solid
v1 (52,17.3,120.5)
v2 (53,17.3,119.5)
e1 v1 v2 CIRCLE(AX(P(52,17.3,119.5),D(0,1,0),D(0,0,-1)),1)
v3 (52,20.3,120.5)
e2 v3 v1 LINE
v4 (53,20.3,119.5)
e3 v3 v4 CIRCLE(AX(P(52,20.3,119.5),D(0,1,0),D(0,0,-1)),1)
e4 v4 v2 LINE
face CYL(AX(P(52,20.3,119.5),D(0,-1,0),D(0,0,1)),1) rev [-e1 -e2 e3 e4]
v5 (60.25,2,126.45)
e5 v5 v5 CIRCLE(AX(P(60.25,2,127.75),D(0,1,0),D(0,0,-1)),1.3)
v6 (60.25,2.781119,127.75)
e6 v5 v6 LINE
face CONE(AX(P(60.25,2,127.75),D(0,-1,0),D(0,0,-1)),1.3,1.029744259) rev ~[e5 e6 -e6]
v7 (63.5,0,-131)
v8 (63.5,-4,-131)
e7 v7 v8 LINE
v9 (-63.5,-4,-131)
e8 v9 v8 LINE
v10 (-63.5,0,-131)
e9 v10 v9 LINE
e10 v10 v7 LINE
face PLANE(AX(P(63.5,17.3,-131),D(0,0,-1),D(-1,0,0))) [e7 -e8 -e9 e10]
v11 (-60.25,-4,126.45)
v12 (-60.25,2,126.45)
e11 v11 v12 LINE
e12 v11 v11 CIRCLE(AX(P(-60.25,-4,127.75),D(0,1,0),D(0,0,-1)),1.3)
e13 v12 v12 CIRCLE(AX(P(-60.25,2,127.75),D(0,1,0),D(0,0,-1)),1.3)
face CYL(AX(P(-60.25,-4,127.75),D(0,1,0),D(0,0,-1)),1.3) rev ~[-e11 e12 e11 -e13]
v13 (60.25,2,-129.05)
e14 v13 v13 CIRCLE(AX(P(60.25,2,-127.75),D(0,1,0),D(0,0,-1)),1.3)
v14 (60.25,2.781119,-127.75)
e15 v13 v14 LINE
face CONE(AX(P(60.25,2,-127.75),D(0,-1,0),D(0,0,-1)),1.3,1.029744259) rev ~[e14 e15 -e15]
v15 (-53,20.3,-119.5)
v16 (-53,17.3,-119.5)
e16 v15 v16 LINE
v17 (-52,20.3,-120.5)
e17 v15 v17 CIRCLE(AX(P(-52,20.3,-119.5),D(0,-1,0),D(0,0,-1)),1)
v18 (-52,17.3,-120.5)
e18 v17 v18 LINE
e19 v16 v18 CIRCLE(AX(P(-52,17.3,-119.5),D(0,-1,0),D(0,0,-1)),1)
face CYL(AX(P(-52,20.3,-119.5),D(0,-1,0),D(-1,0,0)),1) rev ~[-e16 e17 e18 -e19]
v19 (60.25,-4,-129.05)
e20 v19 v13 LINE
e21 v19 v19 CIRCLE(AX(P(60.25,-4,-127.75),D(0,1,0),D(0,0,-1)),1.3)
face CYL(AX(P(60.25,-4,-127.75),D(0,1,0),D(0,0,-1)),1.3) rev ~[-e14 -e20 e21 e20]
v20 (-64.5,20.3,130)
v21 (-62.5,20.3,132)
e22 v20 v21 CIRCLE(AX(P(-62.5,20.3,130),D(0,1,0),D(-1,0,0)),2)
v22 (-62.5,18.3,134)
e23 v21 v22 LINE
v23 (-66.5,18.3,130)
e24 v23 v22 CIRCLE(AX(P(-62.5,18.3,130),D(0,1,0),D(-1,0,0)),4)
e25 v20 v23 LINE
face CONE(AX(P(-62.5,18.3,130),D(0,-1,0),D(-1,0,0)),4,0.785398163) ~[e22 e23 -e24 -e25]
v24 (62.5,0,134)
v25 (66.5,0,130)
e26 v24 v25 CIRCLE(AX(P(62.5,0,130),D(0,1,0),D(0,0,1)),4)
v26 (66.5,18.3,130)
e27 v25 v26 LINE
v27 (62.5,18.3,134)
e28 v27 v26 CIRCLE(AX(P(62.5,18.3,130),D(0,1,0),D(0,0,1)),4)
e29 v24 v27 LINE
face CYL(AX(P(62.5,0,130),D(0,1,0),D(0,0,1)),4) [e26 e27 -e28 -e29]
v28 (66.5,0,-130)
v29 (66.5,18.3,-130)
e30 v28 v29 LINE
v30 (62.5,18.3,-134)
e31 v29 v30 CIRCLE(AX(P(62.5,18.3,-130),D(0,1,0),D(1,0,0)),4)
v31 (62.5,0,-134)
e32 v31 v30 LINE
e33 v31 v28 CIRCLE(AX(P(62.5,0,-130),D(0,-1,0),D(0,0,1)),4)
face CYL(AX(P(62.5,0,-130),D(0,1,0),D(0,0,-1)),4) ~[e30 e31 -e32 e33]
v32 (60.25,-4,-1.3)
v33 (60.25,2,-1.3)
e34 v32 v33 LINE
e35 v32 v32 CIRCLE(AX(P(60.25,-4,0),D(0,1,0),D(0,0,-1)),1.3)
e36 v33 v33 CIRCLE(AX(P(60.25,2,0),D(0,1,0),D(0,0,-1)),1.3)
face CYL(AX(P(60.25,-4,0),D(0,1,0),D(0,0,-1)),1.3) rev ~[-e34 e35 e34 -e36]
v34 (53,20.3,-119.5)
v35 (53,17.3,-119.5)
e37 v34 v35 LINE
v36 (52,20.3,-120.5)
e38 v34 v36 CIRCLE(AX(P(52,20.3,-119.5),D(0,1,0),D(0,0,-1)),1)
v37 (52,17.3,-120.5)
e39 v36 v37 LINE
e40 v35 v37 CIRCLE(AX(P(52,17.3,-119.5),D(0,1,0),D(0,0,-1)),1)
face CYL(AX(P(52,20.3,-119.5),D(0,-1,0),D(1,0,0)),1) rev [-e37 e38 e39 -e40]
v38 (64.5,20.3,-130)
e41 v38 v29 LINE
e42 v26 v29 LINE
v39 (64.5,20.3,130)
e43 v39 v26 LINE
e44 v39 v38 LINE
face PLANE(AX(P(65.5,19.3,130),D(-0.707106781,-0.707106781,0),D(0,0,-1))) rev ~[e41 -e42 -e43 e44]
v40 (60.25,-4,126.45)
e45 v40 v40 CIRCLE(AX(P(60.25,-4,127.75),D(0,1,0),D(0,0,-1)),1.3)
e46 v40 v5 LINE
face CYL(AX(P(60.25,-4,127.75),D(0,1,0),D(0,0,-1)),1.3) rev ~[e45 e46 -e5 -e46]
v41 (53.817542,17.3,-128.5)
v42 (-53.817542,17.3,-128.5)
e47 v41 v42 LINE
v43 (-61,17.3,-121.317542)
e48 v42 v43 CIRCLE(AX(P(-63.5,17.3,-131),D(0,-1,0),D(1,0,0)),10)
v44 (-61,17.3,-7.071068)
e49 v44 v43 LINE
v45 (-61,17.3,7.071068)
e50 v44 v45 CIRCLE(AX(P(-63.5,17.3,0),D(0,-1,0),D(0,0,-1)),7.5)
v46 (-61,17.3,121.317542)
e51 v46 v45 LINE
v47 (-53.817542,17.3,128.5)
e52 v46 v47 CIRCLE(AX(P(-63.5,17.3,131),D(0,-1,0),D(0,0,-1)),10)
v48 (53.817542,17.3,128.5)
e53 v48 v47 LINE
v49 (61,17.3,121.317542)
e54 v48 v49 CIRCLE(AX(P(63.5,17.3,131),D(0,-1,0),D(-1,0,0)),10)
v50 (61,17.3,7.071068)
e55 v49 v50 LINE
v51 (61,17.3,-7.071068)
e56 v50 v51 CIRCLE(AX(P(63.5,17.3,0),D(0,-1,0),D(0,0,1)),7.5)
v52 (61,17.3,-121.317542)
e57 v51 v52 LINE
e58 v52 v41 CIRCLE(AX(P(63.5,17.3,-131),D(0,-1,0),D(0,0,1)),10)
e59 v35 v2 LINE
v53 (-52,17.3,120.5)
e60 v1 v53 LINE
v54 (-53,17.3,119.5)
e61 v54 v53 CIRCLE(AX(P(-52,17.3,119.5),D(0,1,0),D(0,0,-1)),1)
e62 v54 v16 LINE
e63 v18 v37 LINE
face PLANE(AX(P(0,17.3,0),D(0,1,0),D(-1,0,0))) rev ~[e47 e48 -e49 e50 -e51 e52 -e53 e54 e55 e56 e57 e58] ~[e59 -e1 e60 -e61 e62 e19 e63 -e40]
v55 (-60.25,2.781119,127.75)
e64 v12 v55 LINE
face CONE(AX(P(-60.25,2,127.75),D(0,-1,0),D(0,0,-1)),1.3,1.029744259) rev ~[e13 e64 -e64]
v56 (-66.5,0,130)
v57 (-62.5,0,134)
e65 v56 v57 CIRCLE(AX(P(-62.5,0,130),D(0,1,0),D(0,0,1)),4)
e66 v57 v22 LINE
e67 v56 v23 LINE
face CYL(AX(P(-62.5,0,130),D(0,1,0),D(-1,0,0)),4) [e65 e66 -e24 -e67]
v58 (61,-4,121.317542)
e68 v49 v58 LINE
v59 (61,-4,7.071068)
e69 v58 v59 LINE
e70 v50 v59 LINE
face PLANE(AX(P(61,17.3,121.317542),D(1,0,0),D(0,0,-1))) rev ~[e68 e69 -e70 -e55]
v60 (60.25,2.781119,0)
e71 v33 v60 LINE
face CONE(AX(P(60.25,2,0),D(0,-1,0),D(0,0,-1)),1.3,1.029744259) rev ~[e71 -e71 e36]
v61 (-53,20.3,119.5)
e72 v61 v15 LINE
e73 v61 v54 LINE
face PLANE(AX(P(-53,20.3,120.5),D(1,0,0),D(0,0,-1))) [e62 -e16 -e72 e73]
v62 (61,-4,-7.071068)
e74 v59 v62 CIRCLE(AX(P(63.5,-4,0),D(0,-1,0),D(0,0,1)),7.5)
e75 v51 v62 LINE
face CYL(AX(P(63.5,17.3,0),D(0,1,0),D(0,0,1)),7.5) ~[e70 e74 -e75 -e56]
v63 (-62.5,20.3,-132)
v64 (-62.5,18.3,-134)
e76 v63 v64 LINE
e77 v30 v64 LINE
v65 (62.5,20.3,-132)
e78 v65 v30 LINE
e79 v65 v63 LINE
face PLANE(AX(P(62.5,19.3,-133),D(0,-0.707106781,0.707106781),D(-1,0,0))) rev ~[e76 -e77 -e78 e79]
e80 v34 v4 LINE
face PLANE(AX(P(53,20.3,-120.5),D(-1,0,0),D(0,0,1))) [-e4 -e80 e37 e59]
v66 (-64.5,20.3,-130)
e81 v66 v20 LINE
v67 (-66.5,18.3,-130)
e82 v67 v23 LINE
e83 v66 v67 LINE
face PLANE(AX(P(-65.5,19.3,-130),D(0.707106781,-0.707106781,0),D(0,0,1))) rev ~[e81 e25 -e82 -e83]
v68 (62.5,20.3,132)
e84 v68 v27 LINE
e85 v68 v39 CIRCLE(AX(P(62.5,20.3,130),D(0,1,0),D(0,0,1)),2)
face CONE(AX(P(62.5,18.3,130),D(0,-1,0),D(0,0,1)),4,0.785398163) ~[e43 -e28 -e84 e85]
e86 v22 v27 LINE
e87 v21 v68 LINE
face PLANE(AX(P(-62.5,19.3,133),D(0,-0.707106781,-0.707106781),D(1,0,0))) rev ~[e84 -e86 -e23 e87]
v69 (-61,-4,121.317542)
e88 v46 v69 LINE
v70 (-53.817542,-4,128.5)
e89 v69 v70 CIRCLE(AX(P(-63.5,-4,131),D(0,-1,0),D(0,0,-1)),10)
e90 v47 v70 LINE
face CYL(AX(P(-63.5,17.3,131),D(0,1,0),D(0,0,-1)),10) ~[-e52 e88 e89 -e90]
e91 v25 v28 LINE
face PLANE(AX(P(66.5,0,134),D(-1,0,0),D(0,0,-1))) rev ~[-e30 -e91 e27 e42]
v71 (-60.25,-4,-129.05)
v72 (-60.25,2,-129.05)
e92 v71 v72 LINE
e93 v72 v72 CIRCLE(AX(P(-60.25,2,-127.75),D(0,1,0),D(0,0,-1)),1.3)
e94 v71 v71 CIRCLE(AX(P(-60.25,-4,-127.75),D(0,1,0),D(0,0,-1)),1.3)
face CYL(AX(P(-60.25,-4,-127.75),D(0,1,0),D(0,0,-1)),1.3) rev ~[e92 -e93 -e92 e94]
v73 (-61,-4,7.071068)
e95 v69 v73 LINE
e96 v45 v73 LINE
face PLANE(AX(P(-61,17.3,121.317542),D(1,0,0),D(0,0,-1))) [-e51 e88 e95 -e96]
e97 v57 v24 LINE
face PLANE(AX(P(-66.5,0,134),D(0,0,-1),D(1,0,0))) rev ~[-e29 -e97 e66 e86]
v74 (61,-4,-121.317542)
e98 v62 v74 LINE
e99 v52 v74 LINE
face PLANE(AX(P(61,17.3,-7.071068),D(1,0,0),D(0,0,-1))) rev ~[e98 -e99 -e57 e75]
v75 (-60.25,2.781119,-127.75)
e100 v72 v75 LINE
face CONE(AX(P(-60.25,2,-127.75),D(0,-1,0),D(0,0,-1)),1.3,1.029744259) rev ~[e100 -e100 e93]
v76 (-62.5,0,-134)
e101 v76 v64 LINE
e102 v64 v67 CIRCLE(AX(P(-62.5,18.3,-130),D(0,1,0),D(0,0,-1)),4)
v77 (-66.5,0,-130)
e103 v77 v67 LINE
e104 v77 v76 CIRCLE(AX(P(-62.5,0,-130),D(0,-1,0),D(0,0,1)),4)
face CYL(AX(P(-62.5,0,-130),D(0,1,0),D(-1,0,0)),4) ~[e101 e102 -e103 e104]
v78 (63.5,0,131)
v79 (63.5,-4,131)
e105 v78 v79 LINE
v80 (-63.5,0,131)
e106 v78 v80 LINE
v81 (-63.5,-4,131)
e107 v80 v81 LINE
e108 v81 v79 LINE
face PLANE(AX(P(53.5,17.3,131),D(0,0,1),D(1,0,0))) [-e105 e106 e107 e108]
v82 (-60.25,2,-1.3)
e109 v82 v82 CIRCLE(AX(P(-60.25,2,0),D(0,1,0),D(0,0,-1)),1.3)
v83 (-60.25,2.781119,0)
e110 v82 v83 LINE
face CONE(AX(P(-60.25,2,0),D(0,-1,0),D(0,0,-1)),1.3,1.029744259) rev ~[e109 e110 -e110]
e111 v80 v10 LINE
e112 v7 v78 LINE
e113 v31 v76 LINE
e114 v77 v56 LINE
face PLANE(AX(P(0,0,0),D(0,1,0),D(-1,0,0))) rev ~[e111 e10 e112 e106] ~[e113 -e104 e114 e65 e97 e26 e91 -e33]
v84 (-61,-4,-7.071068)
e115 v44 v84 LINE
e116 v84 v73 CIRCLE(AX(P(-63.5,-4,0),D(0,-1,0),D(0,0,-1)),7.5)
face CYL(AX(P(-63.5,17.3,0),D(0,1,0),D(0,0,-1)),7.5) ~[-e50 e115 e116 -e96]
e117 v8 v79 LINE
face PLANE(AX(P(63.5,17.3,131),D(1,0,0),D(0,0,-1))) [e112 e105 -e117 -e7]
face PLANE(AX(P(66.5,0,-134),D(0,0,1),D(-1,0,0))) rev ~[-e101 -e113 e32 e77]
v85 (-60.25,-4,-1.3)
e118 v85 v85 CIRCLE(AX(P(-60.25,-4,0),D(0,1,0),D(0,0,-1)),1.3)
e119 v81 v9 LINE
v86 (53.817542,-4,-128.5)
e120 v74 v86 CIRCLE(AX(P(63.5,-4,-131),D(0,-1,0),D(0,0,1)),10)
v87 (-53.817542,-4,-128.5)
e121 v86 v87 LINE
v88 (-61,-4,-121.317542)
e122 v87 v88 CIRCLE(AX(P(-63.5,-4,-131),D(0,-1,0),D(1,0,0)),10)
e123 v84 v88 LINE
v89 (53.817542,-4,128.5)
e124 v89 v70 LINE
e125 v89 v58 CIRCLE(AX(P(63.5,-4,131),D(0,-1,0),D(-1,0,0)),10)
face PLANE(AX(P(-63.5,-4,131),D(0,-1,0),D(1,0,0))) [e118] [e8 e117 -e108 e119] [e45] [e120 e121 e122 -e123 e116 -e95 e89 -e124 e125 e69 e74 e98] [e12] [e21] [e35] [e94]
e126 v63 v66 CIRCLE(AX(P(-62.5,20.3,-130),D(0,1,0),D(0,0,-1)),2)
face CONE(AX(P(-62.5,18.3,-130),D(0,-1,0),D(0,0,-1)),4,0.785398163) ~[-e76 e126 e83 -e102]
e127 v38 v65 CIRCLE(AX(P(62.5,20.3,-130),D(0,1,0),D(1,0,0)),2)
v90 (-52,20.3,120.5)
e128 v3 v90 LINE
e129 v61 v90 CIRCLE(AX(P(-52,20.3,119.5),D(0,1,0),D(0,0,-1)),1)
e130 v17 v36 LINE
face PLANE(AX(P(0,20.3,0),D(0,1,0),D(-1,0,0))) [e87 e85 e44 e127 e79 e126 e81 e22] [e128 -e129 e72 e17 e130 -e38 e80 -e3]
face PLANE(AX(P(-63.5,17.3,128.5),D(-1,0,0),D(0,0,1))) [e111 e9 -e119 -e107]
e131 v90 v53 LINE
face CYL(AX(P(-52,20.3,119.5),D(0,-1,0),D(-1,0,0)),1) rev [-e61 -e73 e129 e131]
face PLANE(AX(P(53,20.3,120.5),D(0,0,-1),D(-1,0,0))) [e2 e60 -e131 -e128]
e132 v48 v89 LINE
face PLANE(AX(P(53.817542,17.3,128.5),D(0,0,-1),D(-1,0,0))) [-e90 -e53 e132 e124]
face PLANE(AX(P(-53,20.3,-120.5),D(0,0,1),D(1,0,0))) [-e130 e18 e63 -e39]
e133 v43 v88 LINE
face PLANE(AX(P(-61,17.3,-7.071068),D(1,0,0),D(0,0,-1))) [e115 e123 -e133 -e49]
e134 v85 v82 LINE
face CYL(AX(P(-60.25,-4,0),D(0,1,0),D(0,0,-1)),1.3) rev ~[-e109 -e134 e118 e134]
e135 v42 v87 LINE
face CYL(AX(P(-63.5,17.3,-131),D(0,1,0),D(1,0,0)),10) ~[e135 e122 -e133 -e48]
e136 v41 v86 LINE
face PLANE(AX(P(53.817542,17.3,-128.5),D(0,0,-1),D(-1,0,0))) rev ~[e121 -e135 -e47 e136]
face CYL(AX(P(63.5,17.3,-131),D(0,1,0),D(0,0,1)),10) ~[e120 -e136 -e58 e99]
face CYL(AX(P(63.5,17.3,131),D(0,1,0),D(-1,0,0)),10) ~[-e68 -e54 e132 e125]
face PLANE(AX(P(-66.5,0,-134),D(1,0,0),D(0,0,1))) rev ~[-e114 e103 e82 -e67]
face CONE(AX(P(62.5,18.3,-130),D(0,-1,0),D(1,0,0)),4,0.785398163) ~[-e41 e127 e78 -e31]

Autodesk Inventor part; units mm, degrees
ref_plane "YZ Plane" through (0, 0, 0) normal (1, 0, 0) x (0, 1, 0)
ref_plane "XZ Plane" through (0, 0, 0) normal (0, 1, 0) x (-1, 0, 0)
ref_plane "XY Plane" through (0, 0, 0) normal (0, 0, 1) x (1, 0, 0)
sketch "Sketch1" plane through (0, 0, 0) normal (0, 1, 0) x (-1, 0, 0)
  line L0 (66.5, 134) -> (-66.5, 134)
  line L1 (-66.5, 134) -> (-66.5, -134)
  line L2 (-66.5, -134) -> (66.5, -134)
  line L3 (66.5, -134) -> (66.5, 134)
  point P0 (0, 0)
  dimension "d0" = 133
  dimension "d1" = 268
  dimension "d2" = 66.5
  dimension "d3" = 134
extrude "Extrusion1" add sketch "Sketch1" along normal blind 20.3
shell "Shell1" thickness 3 removed faces 1 at (-22.1667, 0, -44.6667)
sketch "Sketch2" plane through (0, 20.3, 0) normal (0, 1, 0) x (1, 0, 0)
  line L0 (-53, 120.5) -> (53, 120.5)
  line L1 (53, 120.5) -> (53, -120.5)
  line L2 (53, -120.5) -> (-53, -120.5)
  line L3 (-53, -120.5) -> (-53, 120.5)
  line L4 (-66.5, 134) -> (-66.5, -134) projected
  line L5 (-66.5, -134) -> (66.5, -134) projected
  line L6 (66.5, -134) -> (66.5, 134) projected
  line L7 (66.5, 134) -> (-66.5, 134) projected
  point P0 (0, 0)
  dimension "d7" = 13.5
  dimension "d8" = 13.5
  dimension "d9" = 13.5
  dimension "d10" = 13.5
extrude "Extrusion2" cut sketch "Sketch2" against normal through all contours L0 L1 L2 L3
sketch "Sketch3" plane through (-63.5, 17.3, 131) normal (0, -1, 0) x (1, 0, 0)
  arc A0 (117, 0) -> (127, -10) centre (127, 0) ccw
  line L0 (127, 0) -> (127, -262) projected
  line L1 (0, 0) -> (127, 0) projected
  line L2 (127, -262) -> (0, -262) projected
  arc A1 (127, -252) -> (117, -262) centre (127, -262) ccw
  line L3 (0, -262) -> (0, 0) projected
  arc A2 (0, -10) -> (10, 0) centre (0, 0) ccw
  arc A3 (10, -262) -> (0, -252) centre (0, -262) ccw
  arc A4 (127, -123.5) -> (127, -138.5) centre (127, -131) ccw
  arc A5 (0, -138.5) -> (0, -123.5) centre (0, -131) ccw
  line L4 (127, 0) -> (124.6095, 0)
  line L5 (127, 0) -> (124.5, 0)
  line L6 (124.5, 0) -> (124.5, -262)
  line L7 (124.5, -262) -> (127, -262)
  line L8 (127, -262) -> (127, 0)
  line L9 (0, 0) -> (2.5, 0)
  line L10 (2.5, 0) -> (2.5, -262)
  line L11 (2.5, -262) -> (0, -262)
  line L12 (0, -262) -> (0, 0)
  line L13 (0, -262) -> (0, 0) projected
  line L14 (0, -262) -> (127, -262)
  line L15 (127, -262) -> (127, -259.5)
  line L16 (127, -259.5) -> (0, -259.5)
  line L17 (0, -259.5) -> (0, -262)
  line L18 (0, 0) -> (127, 0)
  line L19 (127, 0) -> (127, -2.5)
  line L20 (127, -2.5) -> (0, -2.5)
  line L21 (0, -2.5) -> (0, 0)
  point P0 (63.5, -131)
  point P1 (9.6825, -259.5)
  point P2 (2.5, -252.3175)
  point P3 (2.5, -138.0711)
  point P4 (2.5, -123.9289)
  point P5 (2.5, -9.6825)
  point P6 (9.6825, -2.5)
  point P7 (117.3175, -2.5)
  point P8 (124.5, -9.6825)
  point P9 (124.5, -123.9289)
  point P10 (124.5, -138.0711)
  point P11 (124.5, -252.3175)
  point P12 (117.3175, -259.5)
  dimension "d13" = 20
  dimension "d14" = 0
  dimension "d15" = 0
  dimension "d16" = 20
  dimension "d17" = 20
  dimension "d18" = 20
  dimension "d19" = 15
  dimension "d20" = 15
  dimension "d21" = 0
  dimension "d22" = 0
  dimension "d24" = 0
  dimension "d25" = 0
  dimension "d28" = 2.5
  dimension "d29" = 0
  dimension "d30" = 0
  dimension "d31" = 0
  dimension "d32" = 2.5
  dimension "d33" = 0
  dimension "d34" = 2.5
  dimension "d35" = 0
  dimension "d36" = 2.5
  dimension "d37" = 0
extrude "Extrusion3" add sketch "Sketch3" along normal blind 21.3 contours L1 L6 L20 A0 | A0 L20 A2 L1 | L20 L6 A0 | A2 L20 L10 L1 | L1 L0 L20 L6 | L6 L20 L0 A0 | A0 L0 A4 L6 | A2 L10 L20 | L10 L20 L3 L1 | L6 A4 | A4 L0 L6 | L10 A5 L3 A2 | A2 L3 L20 L10 | A4 L0 A1 L6 | L10 A5 L3 | A5 L10 | L6 L16 A1 | A1 L0 L16 L6 | L10 A3 L3 A5 | L16 L6 L2 A1 | A1 L2 A3 L16 | L16 L0 L2 L6 | L10 L16 L3 A3 | A3 L16 L10 | A3 L2 L10 L16 | L10 L2 L3 L16
fillet "Fillet2" radius 4 4 edges at (-66.5, 10.15, -134) (-66.5, 10.15, 134) (66.5, 10.15, 134) (66.5, 10.15, -134)
fillet "Fillet3" radius 1 4 edges at (53, 18.8, 120.5) (53, 18.8, -120.5) (-53, 18.8, -120.5) (-53, 18.8, 120.5)
chamfer "Chamfer1" distance 2 angle 45 8 edges at (0, 20.3, 134) (65.3284, 20.3, 132.8284) (66.5, 20.3, 0) (65.3284, 20.3, -132.8284) (0, 20.3, -134) (-65.3284, 20.3, -132.8284) (-66.5, 20.3, 0) (-65.3284, 20.3, 132.8284)
sketch "Sketch4" plane through (-63.5, -4, 131) normal (0, -1, 0) x (1, 0, 0)
  circle A0 centre (123.75, -258.75) radius 1.75 projected
  circle A1 centre (3.25, -258.75) radius 1.75 projected
  circle A2 centre (3.25, -3.25) radius 1.75 projected
  circle A3 centre (123.75, -3.25) radius 1.75 projected
  circle A4 centre (123.75, -131) radius 1.75 projected
  circle A5 centre (3.25, -131) radius 1.75 projected
  point P0 (63.5, -131)
hole "Hole1" at (-60.25, -4, 127.75) at (60.25, -4, 127.75) at (60.25, -4, 0) at (60.25, -4, -127.75) at (-60.25, -4, -127.75) at (-60.25, -4, 0) direction (0, 1, 0) diameter 2.6 depth 6 tip angle 118
properties part number "Cover"
